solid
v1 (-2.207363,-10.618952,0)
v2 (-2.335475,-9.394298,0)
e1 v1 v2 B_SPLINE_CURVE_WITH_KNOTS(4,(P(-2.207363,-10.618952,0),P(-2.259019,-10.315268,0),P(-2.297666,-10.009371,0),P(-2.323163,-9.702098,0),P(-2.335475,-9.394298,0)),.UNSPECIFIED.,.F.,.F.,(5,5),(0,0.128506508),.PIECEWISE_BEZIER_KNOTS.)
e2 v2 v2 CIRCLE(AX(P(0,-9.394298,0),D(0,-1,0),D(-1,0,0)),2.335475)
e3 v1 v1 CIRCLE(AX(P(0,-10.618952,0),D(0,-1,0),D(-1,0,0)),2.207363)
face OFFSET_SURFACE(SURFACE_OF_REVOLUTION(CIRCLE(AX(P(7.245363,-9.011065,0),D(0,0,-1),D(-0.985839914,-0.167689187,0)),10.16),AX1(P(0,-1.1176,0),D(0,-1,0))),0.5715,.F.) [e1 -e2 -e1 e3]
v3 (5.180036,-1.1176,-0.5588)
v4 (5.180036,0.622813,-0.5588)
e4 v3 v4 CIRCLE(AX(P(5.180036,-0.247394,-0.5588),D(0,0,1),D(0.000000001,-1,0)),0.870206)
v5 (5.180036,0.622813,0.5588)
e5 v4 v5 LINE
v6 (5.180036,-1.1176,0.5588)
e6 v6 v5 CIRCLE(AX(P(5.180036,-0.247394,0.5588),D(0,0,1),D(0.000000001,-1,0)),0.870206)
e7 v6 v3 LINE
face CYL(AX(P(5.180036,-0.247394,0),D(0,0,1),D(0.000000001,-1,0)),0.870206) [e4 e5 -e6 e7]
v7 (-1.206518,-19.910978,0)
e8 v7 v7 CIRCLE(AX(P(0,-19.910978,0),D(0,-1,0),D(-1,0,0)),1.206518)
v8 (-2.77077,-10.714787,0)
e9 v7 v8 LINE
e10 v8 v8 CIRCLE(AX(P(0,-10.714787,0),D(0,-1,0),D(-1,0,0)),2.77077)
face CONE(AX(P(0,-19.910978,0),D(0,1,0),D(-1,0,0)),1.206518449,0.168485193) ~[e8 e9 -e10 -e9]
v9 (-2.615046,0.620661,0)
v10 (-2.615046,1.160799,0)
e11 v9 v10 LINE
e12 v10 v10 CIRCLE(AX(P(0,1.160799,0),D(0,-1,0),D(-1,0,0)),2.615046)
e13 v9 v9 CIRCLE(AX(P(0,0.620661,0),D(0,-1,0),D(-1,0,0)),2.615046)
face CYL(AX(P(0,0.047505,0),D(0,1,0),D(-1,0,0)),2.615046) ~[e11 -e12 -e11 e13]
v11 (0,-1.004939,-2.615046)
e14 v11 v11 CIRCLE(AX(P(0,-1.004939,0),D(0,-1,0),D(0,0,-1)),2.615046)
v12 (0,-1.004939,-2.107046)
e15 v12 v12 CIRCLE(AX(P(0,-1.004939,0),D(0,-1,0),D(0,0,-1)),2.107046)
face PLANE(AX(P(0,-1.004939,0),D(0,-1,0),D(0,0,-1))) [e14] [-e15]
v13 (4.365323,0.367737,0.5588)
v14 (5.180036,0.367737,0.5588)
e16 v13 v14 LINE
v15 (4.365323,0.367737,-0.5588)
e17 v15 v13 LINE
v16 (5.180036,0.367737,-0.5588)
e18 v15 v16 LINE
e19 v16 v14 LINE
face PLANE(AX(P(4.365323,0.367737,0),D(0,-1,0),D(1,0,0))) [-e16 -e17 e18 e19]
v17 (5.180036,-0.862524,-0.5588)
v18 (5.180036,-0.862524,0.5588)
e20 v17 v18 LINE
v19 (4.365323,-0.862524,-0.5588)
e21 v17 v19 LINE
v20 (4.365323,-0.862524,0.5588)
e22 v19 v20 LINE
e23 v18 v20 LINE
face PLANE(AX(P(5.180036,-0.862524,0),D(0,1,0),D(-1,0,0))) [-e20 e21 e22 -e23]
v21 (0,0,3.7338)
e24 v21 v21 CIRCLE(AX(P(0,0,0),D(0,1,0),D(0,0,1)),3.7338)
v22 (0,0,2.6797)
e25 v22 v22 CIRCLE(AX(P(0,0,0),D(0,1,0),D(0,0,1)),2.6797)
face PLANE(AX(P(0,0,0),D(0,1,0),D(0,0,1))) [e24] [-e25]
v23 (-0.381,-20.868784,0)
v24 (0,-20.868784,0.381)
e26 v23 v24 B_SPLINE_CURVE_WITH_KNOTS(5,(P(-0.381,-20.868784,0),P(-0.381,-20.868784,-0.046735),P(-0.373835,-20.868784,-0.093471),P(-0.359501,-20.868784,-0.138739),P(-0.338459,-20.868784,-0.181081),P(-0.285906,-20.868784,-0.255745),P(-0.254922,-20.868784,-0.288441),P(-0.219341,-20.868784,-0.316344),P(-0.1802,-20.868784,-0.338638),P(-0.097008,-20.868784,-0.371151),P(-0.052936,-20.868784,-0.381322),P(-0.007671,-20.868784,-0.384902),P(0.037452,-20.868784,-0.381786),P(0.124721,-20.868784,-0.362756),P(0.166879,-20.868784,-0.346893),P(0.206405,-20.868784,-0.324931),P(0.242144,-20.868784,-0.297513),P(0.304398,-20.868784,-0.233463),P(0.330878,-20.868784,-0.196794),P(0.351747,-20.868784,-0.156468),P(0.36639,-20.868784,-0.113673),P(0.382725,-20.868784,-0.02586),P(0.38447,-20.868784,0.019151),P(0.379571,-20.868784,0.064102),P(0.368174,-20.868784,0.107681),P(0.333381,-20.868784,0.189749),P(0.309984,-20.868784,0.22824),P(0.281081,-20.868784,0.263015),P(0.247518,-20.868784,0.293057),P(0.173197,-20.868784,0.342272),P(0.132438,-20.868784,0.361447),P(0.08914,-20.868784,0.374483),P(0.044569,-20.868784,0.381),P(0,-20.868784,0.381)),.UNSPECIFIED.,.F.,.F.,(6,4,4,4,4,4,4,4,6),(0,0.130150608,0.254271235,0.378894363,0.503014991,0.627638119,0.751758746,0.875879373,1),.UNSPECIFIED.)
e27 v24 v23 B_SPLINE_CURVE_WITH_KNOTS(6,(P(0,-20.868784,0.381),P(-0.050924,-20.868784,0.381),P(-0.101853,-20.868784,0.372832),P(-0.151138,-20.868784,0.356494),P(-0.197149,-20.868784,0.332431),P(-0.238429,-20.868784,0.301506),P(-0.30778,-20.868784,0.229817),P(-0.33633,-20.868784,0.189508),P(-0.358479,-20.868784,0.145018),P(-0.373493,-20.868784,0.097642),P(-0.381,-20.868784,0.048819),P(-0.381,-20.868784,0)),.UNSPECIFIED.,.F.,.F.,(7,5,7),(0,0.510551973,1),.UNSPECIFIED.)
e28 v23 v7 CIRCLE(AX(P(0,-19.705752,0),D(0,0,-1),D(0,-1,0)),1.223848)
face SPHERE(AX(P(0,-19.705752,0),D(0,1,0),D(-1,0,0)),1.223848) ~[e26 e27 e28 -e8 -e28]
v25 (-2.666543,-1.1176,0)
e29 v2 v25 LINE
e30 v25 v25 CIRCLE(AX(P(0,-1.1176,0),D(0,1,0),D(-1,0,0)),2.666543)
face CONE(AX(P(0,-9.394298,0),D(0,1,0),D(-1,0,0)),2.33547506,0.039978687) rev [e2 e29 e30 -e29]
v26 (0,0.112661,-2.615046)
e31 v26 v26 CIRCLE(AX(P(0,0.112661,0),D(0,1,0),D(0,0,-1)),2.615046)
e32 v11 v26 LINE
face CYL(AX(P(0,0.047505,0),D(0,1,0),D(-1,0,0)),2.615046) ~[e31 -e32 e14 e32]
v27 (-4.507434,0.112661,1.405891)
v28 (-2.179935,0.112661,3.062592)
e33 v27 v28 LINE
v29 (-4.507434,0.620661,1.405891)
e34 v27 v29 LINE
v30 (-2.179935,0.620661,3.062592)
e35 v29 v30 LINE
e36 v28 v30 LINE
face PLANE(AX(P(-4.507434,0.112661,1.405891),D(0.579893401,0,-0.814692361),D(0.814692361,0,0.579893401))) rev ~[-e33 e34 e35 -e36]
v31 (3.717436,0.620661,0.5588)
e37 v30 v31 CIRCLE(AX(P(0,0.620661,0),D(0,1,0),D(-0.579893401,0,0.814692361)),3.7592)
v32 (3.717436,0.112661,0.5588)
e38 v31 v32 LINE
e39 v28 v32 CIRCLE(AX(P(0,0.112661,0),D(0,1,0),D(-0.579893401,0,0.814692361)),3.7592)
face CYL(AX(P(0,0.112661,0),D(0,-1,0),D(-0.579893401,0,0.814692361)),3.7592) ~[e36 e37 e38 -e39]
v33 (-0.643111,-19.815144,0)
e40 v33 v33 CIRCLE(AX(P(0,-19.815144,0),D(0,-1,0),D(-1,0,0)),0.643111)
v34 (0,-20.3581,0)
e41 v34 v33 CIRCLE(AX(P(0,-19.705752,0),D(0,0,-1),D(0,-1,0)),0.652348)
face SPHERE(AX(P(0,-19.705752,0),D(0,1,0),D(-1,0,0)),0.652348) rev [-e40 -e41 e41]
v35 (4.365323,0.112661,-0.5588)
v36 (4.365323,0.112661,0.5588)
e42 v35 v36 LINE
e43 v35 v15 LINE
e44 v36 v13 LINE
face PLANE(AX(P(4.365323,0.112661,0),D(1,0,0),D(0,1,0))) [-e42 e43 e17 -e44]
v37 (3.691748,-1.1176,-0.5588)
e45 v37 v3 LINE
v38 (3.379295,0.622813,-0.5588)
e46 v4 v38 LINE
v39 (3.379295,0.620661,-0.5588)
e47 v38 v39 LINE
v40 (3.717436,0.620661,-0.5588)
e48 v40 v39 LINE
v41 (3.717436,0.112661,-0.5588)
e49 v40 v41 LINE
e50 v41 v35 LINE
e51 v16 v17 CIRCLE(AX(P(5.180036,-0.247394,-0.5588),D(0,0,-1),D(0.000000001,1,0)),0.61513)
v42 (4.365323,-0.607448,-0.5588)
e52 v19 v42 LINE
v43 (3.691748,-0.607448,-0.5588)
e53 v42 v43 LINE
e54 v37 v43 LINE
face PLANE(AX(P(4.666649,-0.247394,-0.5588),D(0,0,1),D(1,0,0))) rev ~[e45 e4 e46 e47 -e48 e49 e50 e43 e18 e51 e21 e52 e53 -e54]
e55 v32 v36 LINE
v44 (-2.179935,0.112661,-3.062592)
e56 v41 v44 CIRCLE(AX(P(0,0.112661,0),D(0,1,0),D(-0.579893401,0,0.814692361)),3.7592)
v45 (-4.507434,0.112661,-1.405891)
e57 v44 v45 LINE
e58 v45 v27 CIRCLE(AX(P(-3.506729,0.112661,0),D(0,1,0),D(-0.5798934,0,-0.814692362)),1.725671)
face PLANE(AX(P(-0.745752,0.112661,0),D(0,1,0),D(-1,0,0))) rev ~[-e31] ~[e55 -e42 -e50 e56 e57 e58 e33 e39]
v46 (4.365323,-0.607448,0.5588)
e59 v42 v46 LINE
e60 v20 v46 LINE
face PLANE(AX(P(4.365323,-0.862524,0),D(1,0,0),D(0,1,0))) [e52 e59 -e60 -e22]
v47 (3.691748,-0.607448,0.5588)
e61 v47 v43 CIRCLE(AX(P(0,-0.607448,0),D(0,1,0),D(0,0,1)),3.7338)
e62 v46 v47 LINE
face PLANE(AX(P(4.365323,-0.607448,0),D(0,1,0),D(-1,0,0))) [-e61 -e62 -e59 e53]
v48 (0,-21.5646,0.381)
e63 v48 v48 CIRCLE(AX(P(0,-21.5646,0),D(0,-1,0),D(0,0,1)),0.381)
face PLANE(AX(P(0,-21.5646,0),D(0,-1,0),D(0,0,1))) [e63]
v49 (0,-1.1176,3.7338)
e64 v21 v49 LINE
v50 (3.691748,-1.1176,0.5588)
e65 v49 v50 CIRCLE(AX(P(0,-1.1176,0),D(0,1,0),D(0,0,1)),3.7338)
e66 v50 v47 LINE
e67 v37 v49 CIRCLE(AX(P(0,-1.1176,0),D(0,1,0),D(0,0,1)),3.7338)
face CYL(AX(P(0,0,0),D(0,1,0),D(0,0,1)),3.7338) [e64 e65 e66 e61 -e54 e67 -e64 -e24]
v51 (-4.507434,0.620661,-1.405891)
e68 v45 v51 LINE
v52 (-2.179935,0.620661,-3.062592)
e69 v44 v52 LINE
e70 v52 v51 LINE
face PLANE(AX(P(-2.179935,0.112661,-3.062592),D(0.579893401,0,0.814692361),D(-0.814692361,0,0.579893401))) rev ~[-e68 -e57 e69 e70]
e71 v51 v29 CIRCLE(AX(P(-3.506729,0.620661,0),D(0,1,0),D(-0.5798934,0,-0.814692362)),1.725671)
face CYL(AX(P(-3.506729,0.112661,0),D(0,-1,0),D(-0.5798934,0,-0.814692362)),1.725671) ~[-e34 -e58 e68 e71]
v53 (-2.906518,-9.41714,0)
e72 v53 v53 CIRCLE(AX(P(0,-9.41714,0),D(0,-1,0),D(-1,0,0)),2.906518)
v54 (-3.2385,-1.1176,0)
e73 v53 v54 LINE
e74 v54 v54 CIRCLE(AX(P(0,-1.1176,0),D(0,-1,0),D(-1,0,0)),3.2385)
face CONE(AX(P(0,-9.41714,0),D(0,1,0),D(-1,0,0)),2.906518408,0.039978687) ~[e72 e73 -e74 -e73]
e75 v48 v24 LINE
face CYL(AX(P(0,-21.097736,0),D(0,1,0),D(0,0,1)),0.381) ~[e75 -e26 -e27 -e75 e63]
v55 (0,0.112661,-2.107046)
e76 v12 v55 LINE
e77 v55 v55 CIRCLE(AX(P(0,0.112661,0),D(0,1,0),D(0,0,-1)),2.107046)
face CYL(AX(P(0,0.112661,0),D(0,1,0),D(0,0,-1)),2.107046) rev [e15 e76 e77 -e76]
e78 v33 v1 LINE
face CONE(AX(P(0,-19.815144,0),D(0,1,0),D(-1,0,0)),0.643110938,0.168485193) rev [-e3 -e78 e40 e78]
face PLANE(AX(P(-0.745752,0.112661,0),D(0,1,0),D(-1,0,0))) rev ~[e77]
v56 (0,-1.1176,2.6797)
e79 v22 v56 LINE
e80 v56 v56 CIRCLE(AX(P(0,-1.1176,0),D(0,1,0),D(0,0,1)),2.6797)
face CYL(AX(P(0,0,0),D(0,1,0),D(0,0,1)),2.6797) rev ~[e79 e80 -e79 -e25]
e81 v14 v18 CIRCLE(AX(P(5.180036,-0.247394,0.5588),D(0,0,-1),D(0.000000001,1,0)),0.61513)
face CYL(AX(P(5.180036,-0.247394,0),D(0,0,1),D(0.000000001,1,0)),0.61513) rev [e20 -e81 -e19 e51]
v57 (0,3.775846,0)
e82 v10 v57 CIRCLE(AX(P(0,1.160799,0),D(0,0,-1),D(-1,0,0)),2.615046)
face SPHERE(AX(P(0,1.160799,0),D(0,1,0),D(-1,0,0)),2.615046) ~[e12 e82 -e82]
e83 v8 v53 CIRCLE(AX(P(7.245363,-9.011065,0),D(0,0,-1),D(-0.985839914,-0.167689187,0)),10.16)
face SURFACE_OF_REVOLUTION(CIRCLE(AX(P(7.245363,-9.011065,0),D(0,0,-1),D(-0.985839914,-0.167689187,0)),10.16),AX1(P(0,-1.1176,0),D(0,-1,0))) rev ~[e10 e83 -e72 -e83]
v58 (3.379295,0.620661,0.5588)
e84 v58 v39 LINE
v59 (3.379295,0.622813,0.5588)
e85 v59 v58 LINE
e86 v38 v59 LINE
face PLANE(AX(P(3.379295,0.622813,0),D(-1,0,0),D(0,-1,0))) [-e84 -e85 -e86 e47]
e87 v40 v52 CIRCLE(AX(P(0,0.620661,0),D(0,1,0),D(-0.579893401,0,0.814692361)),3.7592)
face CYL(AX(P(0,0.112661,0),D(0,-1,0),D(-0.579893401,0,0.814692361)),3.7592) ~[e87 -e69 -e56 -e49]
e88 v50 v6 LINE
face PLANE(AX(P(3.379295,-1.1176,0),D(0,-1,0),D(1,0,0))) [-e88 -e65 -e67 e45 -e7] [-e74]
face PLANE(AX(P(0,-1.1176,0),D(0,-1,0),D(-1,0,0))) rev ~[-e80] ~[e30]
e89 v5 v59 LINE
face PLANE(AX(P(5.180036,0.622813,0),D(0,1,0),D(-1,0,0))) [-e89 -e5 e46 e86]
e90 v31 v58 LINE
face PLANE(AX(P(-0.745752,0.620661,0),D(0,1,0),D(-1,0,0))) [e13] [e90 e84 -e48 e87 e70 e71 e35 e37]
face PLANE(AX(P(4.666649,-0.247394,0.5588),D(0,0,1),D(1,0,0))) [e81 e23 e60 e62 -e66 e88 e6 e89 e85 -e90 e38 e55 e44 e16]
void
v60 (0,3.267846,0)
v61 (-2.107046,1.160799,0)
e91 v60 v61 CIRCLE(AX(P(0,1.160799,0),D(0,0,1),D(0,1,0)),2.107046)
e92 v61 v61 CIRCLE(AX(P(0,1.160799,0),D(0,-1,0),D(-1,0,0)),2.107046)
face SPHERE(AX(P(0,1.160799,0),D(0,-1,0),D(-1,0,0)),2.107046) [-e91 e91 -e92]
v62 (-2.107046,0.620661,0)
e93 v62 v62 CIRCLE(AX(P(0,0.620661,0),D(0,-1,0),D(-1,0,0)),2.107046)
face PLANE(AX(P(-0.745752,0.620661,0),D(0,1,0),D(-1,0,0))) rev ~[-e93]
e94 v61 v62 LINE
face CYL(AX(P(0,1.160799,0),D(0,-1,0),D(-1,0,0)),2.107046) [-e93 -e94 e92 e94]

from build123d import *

# Parameters (mm, degrees)
SKETCH1_R           = 3.7338
SKETCH1_R_2         = 2.6797
BOSS_EXTRUDE1_DEPTH = 1.1176
SHELL1_T            = -0.5715
BOSS_EXTRUDE2_DEPTH = 0.5588
SKETCH4_R           = 2.615046293
SKETCH4_R_2         = 2.107046293
BOSS_EXTRUDE3_DEPTH = 1.1176
BOSS_EXTRUDE4_DEPTH = 0.508
SKETCH7_W           = 0.381
SKETCH7_H           = 0.933727322


with BuildPart() as part:
    # Sketch1 → Boss-Extrude1 (new body)
    with BuildSketch(Plane(origin=(0, 0, 0), x_dir=(1, 0, 0), z_dir=(0, 1, 0))):
        with Locations(Location((0, 0, 0), (0, 0, 270))):
            Circle(SKETCH1_R)
        with Locations(Location((0, 0, 0), (0, 0, 270))):
            Circle(SKETCH1_R_2, mode=Mode.SUBTRACT)
    extrude(amount=-BOSS_EXTRUDE1_DEPTH)


with BuildPart() as body_2:
    # Sketch2 → Revolve1 (revolve)
    with BuildSketch(Plane.XY):
        with BuildLine():
            Line((0, -1.1176), (0, -20.9296))
            ThreePointArc((0, -20.9296), (-0.789505828, -20.640890822), (-1.206518449, -19.910977871))
            Line((-1.206518449, -19.910977871), (-2.770770199, -10.714786652))
            ThreePointArc((-2.770770199, -10.714786652), (-2.859495986, -10.068144543), (-2.906518408, -9.4171398))
            Line((-2.906518408, -9.4171398), (-3.2385, -1.1176))
            Line((-3.2385, -1.1176), (0, -1.1176))
        make_face()
    revolve(axis=Axis((0, -1.1176, 0), (0, -1, 0)))

    # Shell1
    shell1_openings = [body_2.faces().sort_by_distance(p)[0] for p in [
        (0, -1.1176, 0),
    ]]
    offset(amount=SHELL1_T, openings=shell1_openings, kind=Kind.INTERSECTION)


with BuildPart() as part_1:
    add(part.part)

    # Combine1: union body 2
    add(body_2.part)

    # Sketch3 → Boss-Extrude2 (add, symmetric)
    with BuildSketch(Plane.XY):
        with BuildLine():
            Line((3.7338, -1.1176), (4.365322861, -1.1176))
            Line((4.365322861, -1.1176), (5.180035681, -1.1176))
            ThreePointArc((5.180035681, -1.1176), (6.050241958, -0.247393722), (5.180035681, 0.622812555))
            Line((5.180035681, 0.622812555), (4.365322861, 0.622812555))
            Line((4.365322861, 0.622812555), (3.379294532, 0.622812555))
            Line((3.379294532, 0.622812555), (3.379294532, 0.112660745))
            Line((3.379294532, 0.112660745), (4.365322861, 0.112660745))
            Line((4.365322861, 0.112660745), (4.365322861, 0.36773665))
            Line((4.365322861, 0.36773665), (5.180035681, 0.36773665))
            ThreePointArc((5.180035681, 0.36773665), (5.795166053, -0.247393722), (5.180035681, -0.862524095))
            Line((5.180035681, -0.862524095), (4.365322861, -0.862524095))
            Line((4.365322861, -0.862524095), (4.365322861, -0.607448189))
            Line((4.365322861, -0.607448189), (3.379294532, -0.607448189))
            Line((3.379294532, -0.607448189), (3.379294532, -1.1176))
            Line((3.379294532, -1.1176), (3.7338, -1.1176))
        make_face()
    extrude(amount=BOSS_EXTRUDE2_DEPTH, both=True)



with BuildPart() as body_2_2:
    # Sketch4 → Boss-Extrude3 (new body)
    with BuildSketch(Plane.XZ.offset(-0.112660745)):
        with Locations(Location((0, 0, 0), (0, 0, 270))):
            Circle(SKETCH4_R)
        with Locations(Location((0, 0, 0), (0, 0, 270))):
            Circle(SKETCH4_R_2, mode=Mode.SUBTRACT)
    extrude(amount=BOSS_EXTRUDE3_DEPTH)

    # Sketch5 → Revolve2 (revolve)
    with BuildSketch(Plane.XY):
        with BuildLine():
            Line((-2.615046293, 0.112660745), (-2.615046293, 1.160799378))
            ThreePointArc((-2.615046293, 1.160799378), (-1.849116967, 3.009916345), (0, 3.775845671))
            Line((0, 3.775845671), (0, 3.267845671))
            ThreePointArc((0, 3.267845671), (-1.489906722, 2.6507061), (-2.107046293, 1.160799378))
            Line((-2.107046293, 1.160799378), (-2.107046293, 0.112660745))
            Line((-2.107046293, 0.112660745), (-2.107046293, 0.047504608))
            Line((-2.107046293, 0.047504608), (-2.615046293, 0.047504608))
            Line((-2.615046293, 0.047504608), (-2.615046293, 0.112660745))
        make_face()
    revolve(axis=Axis((0, 3.775845671, 0), (0, -1, 0)))


with BuildPart() as part_2:
    add(part_1.part)

    add(body_2_2.part)  # Boss-Extrude4 merges body 2 2
    # Sketch6 → Boss-Extrude4 (add)
    with BuildSketch(Plane.XZ.offset(-0.112660745)):
        with BuildLine():
            Line((-2.179935272, -3.062591525), (-4.50743423, -1.405890971))
            ThreePointArc((-4.50743423, -1.405890971), (-5.2324, 0), (-4.50743423, 1.405890971))
            Line((-4.50743423, 1.405890971), (-2.179935272, 3.062591525))
            ThreePointArc((-2.179935272, 3.062591525), (3.7592, 0), (-2.179935272, -3.062591525))
        make_face()
    extrude(amount=-BOSS_EXTRUDE4_DEPTH)

    # Sketch7 → Revolve3 (revolve)
    with BuildSketch(Plane.XY, mode=Mode.PRIVATE) as revolve3_sk:
        with Locations((-0.1905, -21.097736339)):
            Rectangle(SKETCH7_W, SKETCH7_H)
    revolve(revolve3_sk.sketch.rotate(Axis((0, -20.630872678, 0), (0, -1, 0)), 270), axis=Axis((0, -20.630872678, 0), (0, -1, 0)))


solid = part_2.part
